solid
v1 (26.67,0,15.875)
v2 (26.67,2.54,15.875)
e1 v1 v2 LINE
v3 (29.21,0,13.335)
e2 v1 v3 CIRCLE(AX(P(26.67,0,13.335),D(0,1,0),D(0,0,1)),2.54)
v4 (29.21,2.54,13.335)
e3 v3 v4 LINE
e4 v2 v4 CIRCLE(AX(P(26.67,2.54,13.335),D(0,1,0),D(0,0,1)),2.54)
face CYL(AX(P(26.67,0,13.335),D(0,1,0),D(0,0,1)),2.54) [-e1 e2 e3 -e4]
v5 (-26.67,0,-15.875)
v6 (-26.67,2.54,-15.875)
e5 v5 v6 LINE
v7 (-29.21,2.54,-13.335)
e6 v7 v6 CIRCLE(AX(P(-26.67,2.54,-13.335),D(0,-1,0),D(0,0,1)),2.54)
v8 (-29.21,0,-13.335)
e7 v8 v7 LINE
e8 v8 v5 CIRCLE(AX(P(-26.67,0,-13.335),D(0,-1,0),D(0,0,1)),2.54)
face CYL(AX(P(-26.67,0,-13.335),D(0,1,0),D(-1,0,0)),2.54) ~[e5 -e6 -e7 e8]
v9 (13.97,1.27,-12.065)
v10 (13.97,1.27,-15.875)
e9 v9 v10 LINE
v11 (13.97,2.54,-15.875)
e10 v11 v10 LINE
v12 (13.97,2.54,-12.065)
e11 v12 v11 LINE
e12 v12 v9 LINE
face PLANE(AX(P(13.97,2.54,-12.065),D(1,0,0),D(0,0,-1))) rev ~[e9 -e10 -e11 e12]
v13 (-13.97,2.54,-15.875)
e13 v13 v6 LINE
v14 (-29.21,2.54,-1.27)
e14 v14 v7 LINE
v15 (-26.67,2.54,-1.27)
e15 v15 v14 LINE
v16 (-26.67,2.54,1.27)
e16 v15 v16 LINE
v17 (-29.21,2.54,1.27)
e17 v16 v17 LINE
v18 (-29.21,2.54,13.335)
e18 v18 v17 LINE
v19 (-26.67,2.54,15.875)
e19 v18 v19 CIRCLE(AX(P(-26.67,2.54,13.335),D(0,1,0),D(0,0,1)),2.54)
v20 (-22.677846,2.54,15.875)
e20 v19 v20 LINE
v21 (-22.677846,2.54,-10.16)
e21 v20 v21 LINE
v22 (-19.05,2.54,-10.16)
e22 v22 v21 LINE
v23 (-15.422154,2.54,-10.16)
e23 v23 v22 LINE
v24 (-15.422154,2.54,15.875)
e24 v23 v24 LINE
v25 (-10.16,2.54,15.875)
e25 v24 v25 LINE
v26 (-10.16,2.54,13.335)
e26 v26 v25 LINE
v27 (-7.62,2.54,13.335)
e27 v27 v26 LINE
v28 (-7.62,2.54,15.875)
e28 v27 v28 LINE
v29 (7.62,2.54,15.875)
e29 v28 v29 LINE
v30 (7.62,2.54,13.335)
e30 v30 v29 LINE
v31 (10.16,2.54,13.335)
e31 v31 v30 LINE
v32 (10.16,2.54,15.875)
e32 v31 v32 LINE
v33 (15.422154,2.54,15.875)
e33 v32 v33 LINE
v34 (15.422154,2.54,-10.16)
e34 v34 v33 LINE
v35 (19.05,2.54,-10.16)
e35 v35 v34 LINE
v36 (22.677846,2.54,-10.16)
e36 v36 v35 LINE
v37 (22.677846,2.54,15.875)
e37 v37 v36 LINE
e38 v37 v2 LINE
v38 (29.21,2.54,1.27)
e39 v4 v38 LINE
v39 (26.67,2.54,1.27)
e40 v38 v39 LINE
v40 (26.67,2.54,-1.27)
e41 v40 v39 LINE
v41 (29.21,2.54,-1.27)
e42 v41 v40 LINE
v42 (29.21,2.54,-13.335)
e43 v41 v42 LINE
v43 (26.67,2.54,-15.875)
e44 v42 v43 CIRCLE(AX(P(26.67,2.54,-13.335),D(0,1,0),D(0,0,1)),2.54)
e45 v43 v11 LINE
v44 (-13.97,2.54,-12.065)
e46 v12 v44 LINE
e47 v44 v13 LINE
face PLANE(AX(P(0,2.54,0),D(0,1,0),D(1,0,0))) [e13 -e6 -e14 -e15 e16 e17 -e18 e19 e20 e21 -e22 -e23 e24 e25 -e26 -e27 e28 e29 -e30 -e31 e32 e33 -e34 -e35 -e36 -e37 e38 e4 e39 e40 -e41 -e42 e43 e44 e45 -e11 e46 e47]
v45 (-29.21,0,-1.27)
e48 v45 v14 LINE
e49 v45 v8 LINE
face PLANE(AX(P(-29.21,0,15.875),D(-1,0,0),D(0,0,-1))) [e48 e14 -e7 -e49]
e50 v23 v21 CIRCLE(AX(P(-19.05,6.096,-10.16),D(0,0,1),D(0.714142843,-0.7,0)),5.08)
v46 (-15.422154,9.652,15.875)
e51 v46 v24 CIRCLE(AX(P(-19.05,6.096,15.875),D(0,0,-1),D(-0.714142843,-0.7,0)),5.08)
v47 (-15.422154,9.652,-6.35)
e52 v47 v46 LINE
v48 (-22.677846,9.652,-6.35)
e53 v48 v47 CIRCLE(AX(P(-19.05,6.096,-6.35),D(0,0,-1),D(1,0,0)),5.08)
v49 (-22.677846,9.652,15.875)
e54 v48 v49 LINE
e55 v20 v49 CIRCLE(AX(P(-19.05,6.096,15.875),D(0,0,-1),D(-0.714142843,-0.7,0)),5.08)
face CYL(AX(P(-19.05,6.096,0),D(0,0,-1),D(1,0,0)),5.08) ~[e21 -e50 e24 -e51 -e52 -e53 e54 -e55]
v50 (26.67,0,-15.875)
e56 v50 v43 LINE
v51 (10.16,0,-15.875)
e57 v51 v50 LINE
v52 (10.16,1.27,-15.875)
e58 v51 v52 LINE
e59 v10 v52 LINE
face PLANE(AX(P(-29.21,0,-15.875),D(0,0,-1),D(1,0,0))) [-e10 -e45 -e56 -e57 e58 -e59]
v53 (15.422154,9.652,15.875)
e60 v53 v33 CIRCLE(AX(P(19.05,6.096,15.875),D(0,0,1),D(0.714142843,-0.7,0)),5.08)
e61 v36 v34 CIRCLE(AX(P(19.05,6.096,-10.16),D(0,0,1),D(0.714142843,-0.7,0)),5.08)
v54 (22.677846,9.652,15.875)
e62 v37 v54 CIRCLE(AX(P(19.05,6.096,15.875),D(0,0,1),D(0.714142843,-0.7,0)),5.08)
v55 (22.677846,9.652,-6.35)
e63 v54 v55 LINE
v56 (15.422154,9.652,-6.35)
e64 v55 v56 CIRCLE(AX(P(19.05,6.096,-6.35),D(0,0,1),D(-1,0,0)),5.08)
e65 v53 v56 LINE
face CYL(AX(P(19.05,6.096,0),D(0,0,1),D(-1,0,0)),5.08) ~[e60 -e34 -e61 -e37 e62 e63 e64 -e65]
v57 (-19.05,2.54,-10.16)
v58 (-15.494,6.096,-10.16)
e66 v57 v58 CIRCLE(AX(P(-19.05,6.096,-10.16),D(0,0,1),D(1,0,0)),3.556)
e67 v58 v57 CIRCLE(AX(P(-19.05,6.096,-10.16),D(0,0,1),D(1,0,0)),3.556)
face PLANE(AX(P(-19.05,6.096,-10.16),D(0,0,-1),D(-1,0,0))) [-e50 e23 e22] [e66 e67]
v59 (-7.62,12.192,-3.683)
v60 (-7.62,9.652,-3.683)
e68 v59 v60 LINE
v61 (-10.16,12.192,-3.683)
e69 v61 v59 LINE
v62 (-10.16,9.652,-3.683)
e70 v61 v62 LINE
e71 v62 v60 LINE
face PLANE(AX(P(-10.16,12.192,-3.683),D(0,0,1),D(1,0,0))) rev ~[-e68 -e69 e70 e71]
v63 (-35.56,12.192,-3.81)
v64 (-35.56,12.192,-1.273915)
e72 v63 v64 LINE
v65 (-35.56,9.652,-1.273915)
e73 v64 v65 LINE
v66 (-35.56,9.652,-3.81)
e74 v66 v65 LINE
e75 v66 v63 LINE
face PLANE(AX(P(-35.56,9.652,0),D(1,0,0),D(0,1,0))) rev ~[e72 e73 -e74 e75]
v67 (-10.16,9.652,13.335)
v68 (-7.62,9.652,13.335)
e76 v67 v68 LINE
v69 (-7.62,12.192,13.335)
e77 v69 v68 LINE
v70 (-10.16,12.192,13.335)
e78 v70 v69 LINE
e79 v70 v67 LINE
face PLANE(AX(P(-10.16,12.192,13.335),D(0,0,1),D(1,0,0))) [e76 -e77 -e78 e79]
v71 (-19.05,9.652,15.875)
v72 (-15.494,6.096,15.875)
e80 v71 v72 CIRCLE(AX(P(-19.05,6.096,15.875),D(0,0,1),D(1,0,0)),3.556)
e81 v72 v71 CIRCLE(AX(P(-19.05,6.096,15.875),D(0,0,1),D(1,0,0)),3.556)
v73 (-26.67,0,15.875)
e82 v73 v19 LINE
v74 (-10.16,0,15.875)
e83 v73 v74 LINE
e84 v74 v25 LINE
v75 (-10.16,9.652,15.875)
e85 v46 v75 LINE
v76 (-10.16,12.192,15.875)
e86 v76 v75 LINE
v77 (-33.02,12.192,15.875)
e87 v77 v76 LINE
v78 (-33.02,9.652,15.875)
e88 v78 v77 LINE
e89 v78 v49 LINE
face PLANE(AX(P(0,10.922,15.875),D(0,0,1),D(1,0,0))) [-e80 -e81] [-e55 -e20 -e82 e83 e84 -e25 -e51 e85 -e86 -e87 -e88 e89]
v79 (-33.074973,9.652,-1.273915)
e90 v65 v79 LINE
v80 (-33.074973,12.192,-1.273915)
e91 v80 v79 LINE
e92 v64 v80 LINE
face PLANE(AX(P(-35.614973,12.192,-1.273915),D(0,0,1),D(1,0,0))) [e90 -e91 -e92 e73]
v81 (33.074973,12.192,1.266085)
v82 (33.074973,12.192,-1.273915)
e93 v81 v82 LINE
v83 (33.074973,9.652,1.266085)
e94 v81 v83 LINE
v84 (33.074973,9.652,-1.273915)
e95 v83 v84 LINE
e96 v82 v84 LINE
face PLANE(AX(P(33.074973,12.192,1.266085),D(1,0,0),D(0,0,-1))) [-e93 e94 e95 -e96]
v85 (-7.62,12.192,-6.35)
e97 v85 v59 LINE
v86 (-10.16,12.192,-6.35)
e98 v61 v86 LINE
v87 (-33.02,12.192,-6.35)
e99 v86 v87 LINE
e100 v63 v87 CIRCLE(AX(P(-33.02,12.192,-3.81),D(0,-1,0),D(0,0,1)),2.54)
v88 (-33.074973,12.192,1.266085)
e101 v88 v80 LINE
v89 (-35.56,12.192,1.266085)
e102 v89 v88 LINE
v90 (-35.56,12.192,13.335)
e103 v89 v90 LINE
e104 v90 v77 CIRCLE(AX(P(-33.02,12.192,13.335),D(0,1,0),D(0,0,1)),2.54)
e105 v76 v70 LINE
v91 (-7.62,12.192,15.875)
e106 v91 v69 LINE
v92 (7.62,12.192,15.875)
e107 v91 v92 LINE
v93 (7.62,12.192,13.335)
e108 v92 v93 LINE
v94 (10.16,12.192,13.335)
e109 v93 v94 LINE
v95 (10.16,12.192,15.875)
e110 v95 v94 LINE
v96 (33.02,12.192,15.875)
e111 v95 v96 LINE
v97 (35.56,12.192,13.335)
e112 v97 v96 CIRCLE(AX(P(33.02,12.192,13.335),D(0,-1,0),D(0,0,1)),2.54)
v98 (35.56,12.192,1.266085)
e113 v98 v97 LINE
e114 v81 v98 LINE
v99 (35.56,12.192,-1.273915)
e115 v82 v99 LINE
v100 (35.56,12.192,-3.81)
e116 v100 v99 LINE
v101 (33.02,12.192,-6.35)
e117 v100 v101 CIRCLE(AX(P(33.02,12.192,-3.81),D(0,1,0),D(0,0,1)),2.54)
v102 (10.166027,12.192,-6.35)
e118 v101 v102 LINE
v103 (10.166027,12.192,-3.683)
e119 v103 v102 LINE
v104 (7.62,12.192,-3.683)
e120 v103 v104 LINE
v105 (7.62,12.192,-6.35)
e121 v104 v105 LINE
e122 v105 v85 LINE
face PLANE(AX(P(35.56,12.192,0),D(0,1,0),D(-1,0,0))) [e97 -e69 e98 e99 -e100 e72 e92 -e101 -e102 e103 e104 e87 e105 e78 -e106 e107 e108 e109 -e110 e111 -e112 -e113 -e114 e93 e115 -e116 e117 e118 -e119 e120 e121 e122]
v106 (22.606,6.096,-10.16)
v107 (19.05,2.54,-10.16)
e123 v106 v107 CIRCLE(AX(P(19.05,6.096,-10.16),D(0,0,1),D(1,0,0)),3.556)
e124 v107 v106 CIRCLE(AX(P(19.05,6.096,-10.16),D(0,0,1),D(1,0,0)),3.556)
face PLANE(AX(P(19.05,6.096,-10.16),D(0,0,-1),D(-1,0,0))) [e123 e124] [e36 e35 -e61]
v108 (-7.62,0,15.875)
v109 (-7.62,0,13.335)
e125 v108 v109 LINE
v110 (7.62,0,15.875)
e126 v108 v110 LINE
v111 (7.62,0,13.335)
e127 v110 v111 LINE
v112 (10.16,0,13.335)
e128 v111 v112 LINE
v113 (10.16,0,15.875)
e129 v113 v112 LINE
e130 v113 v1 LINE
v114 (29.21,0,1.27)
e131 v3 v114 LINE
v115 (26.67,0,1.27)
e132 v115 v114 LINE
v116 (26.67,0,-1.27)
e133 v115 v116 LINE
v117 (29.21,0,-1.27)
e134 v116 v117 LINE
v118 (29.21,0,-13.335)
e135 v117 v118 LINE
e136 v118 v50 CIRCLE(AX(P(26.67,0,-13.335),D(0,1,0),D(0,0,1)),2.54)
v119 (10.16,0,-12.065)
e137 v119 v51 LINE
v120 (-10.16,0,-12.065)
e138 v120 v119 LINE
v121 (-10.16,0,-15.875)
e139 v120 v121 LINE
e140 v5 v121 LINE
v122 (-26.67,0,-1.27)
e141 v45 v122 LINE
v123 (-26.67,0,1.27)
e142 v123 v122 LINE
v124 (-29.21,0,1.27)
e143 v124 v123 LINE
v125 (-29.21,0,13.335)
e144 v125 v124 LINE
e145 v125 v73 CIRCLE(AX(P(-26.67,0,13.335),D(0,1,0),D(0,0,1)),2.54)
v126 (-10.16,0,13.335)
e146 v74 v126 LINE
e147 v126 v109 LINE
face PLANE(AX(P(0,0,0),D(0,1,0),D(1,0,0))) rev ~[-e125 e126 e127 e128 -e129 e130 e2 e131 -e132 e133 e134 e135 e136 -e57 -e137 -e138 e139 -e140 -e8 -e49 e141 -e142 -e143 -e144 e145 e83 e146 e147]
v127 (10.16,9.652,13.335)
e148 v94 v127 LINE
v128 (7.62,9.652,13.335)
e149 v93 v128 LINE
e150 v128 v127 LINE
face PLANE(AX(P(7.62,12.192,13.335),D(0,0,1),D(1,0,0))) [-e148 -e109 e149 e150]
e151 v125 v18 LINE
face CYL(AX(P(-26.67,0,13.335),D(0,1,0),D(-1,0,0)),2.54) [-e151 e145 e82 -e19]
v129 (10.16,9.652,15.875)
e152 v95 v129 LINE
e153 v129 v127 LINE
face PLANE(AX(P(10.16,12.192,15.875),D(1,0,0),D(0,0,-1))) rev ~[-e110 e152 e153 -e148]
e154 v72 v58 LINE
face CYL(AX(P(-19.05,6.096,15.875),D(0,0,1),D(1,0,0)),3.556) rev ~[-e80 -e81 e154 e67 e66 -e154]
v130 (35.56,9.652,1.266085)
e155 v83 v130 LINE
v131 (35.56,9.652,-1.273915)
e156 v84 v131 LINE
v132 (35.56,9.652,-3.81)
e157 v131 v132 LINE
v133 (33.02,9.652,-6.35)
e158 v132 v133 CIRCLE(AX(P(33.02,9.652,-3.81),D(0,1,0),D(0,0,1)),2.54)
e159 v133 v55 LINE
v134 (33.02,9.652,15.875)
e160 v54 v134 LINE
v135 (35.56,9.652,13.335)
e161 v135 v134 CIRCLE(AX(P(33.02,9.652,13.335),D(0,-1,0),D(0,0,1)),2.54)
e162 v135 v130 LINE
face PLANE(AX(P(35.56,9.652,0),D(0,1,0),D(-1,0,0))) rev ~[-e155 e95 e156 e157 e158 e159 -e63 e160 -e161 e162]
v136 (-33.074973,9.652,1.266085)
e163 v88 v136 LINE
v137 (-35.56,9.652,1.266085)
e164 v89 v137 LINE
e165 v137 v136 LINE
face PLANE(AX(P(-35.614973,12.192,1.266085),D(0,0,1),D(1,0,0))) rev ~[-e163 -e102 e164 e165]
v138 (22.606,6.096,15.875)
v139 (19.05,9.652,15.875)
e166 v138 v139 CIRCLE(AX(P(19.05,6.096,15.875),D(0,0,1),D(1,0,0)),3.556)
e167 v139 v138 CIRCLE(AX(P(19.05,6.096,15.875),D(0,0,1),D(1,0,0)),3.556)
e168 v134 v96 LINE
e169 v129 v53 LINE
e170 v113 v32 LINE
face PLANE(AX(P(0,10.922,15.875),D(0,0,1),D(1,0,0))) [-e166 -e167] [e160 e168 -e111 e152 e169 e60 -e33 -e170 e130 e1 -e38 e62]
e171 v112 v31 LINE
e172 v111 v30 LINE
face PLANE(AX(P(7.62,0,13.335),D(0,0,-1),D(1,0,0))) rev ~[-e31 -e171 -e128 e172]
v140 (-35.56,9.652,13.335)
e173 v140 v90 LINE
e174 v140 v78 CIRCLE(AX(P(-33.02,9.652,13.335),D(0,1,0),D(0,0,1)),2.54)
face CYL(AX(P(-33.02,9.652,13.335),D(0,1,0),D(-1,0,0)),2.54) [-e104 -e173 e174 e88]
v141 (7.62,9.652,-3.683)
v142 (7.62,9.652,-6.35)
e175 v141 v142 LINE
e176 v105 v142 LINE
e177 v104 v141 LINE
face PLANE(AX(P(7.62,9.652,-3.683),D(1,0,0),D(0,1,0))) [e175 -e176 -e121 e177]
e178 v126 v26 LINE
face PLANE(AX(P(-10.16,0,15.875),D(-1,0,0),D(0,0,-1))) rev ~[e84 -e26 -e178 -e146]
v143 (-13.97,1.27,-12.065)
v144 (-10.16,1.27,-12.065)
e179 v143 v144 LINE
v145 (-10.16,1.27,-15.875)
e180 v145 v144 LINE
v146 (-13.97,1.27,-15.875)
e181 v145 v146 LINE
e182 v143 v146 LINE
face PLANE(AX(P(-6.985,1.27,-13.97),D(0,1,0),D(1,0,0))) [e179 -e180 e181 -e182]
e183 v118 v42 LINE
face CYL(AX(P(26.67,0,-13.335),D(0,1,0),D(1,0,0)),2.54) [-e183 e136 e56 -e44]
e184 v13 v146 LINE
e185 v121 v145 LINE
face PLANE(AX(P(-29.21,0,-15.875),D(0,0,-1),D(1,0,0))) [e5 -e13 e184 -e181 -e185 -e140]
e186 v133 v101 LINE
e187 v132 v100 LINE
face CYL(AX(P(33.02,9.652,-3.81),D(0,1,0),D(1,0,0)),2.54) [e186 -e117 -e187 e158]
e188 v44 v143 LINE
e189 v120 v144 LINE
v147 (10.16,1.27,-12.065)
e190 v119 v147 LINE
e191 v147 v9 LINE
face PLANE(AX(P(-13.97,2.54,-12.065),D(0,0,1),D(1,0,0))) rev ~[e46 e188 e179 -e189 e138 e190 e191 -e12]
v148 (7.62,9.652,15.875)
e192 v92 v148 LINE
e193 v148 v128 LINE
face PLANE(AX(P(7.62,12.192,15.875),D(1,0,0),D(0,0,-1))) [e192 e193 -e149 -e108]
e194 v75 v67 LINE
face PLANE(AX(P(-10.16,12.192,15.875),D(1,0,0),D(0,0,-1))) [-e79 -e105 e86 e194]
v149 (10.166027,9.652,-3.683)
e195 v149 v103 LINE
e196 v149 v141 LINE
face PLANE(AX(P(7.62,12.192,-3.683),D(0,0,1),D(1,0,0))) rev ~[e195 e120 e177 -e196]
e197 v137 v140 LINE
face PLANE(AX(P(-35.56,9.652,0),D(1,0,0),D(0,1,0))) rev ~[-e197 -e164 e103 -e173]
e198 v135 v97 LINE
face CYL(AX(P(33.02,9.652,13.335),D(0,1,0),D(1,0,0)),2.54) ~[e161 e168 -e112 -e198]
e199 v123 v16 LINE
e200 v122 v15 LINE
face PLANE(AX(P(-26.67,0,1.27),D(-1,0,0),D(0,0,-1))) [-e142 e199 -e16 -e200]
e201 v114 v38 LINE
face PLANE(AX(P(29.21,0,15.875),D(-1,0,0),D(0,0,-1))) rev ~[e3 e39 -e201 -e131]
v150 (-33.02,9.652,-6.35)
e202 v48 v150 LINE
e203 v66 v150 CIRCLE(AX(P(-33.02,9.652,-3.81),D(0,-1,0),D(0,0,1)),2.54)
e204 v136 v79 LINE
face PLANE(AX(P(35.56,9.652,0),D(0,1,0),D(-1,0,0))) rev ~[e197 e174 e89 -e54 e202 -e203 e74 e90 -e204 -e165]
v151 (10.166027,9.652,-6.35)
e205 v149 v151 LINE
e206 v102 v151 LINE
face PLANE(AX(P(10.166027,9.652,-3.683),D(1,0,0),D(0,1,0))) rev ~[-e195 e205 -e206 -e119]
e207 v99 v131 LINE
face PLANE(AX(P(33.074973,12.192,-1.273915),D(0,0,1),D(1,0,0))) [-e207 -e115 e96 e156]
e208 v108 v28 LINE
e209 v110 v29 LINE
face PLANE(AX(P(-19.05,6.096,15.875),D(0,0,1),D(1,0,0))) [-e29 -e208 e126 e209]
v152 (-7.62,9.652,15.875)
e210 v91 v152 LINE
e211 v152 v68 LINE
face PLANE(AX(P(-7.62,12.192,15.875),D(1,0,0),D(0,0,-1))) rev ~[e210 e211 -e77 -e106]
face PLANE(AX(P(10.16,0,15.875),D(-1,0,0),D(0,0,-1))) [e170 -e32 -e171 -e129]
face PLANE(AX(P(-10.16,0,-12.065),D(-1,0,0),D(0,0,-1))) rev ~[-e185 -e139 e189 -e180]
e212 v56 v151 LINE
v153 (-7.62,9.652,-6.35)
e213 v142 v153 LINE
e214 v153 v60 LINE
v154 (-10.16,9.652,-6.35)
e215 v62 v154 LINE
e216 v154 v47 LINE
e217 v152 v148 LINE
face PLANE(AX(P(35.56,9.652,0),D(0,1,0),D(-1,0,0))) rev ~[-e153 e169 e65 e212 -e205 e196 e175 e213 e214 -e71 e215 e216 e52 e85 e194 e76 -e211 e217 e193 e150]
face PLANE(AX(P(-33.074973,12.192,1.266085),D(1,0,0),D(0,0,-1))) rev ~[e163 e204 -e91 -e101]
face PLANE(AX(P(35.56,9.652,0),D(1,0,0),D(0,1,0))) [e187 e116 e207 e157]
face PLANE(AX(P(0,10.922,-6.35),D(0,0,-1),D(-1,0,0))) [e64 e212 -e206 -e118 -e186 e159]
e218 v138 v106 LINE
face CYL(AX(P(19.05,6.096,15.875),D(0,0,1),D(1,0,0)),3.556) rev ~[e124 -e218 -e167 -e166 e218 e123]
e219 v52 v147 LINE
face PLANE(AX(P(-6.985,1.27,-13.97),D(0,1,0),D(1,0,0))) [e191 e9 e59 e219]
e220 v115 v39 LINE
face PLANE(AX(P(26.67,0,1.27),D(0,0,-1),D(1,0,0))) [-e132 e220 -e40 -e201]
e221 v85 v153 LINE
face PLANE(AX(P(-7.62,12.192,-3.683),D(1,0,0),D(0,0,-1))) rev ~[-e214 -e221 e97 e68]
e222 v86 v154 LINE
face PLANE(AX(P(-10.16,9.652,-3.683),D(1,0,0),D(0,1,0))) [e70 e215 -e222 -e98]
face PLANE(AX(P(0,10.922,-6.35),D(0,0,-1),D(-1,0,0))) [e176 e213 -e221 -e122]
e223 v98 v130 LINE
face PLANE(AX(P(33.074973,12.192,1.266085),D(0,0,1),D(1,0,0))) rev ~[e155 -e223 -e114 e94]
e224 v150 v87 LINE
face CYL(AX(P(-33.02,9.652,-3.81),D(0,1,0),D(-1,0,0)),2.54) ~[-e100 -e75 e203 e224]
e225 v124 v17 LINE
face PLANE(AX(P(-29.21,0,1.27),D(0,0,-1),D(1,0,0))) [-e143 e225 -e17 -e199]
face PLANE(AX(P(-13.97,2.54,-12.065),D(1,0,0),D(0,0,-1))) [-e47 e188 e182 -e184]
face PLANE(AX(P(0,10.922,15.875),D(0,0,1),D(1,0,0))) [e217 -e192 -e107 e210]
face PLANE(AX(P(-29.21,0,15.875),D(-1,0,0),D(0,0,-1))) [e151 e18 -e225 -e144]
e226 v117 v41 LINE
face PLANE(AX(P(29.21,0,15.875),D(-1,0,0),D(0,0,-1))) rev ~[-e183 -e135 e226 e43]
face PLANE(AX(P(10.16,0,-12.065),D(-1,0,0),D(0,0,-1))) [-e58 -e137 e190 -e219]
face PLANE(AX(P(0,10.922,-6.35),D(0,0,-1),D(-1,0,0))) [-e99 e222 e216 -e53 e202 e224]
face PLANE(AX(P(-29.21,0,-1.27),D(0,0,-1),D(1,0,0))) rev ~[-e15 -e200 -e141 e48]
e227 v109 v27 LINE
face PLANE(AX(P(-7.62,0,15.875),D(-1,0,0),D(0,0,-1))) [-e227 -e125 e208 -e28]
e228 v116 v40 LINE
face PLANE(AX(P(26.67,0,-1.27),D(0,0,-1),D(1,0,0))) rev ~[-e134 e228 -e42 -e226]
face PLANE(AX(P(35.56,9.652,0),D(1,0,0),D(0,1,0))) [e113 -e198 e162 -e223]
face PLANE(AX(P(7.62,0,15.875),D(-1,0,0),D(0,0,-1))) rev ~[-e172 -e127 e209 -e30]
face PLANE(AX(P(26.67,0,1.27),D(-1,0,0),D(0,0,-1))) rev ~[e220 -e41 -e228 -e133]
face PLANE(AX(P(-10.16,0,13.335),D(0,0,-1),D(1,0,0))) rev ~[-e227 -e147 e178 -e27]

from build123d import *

# Parameters (mm, degrees)
SKETCH1_W           = 58.42
SKETCH1_H           = 31.75
BOSS_EXTRUDE1_DEPTH = 2.54
FILLET1_R           = 2.54
SKETCH4_R           = 5.08
BOSS_EXTRUDE3_DEPTH = 15.875
SKETCH5_R           = 5.08
BOSS_EXTRUDE4_DEPTH = 10.16
SKETCH6_R           = 3.556
CUT_EXTRUDE2_DEPTH  = 32.75
SKETCH9_W           = 13.97
SKETCH9_H           = 3.81
CUT_EXTRUDE4_DEPTH  = 1.27
SKETCH10_W          = 2.54
SKETCH10_H          = 2.54
SKETCH10_W_2        = 20.32
SKETCH10_H_2        = 3.81
CUT_EXTRUDE6_DEPTH  = 12.176
SKETCH11_W          = 71.12
SKETCH11_H          = 2.54
BOSS_EXTRUDE5_DEPTH = 15.875
SKETCH12_W          = 71.12
SKETCH12_H          = 2.54
BOSS_EXTRUDE6_DEPTH = 6.35
FILLET2_R           = 2.54
SKETCH13_W          = 2.54
SKETCH13_H          = 2.54
CUT_EXTRUDE7_DEPTH  = 2.54
SKETCH14_W          = 2.54
SKETCH14_H          = 2.54
SKETCH14_W_2        = 2.546026668
CUT_EXTRUDE8_DEPTH  = 13.192


with BuildPart() as part:
    # Sketch1 → Boss-Extrude1 (new body)
    with BuildSketch(Plane(origin=(0, 0, 0), x_dir=(1, 0, 0), z_dir=(0, 1, 0))):
        Rectangle(SKETCH1_W, SKETCH1_H)
    extrude(amount=BOSS_EXTRUDE1_DEPTH)

    # Fillet1
    fillet1_edges = [part.edges().sort_by_distance(p)[0] for p in [
        (29.21, 1.27, 15.875),
        (-29.21, 1.27, 15.875),
        (-29.21, 1.27, -15.875),
        (29.21, 1.27, -15.875),
    ]]
    fillet(fillet1_edges, radius=FILLET1_R)

    # Sketch4 → Boss-Extrude3 (add)
    with BuildSketch(Plane.XY):
        with Locations((-19.05, 6.096)):
            Circle(SKETCH4_R)
        with Locations((19.05, 6.096)):
            Circle(SKETCH4_R)
    extrude(amount=BOSS_EXTRUDE3_DEPTH)

    # Sketch5 → Boss-Extrude4 (add)
    with BuildSketch(Plane(origin=(0, 0, 0), x_dir=(-1, 0, 0), z_dir=(0, 0, -1))):
        with Locations((-19.05, 6.096)):
            Circle(SKETCH5_R)
        with Locations((19.05, 6.096)):
            Circle(SKETCH5_R)
    extrude(amount=BOSS_EXTRUDE4_DEPTH)

    # Sketch6 → Cut-Extrude2 (cut, through all)
    with BuildSketch(Plane.XY.offset(15.875)):
        with Locations((-19.05, 6.096)):
            Circle(SKETCH6_R)
        with Locations((19.05, 6.096)):
            Circle(SKETCH6_R)
    extrude(amount=-CUT_EXTRUDE2_DEPTH, mode=Mode.SUBTRACT)

    # Sketch9 → Cut-Extrude4 (cut)
    with BuildSketch(Plane(origin=(0, 2.54, 0), x_dir=(1, 0, 0), z_dir=(0, 1, 0))):
        with Locations((-6.985, 13.97)):
            Rectangle(SKETCH9_W, SKETCH9_H)
        with Locations((6.985, 13.97)):
            Rectangle(SKETCH9_W, SKETCH9_H)
    extrude(amount=-CUT_EXTRUDE4_DEPTH, mode=Mode.SUBTRACT)

    # Sketch10 → Cut-Extrude6 (cut, through all)
    with BuildSketch(Plane(origin=(0, 0, 0), x_dir=(1, 0, 0), z_dir=(0, 1, 0))):
        with Locations((-27.94, 0)):
            Rectangle(SKETCH10_W, SKETCH10_H)
        with Locations((27.94, 0)):
            Rectangle(SKETCH10_W, SKETCH10_H)
        with Locations((0, 13.97)):
            Rectangle(SKETCH10_W_2, SKETCH10_H_2)
        with Locations((-8.89, -14.605)):
            Rectangle(SKETCH10_W, SKETCH10_H)
        with Locations((8.89, -14.605)):
            Rectangle(SKETCH10_W, SKETCH10_H)
    extrude(amount=CUT_EXTRUDE6_DEPTH, mode=Mode.SUBTRACT)

    # Sketch11 → Boss-Extrude5 (add)
    with BuildSketch(Plane.XY):
        with Locations((0, 10.922)):
            Rectangle(SKETCH11_W, SKETCH11_H)
    extrude(amount=BOSS_EXTRUDE5_DEPTH)

    # Sketch12 → Boss-Extrude6 (add)
    with BuildSketch(Plane(origin=(0, 0, 0), x_dir=(-1, 0, 0), z_dir=(0, 0, -1))):
        with Locations((0, 10.922)):
            Rectangle(SKETCH12_W, SKETCH12_H)
    extrude(amount=BOSS_EXTRUDE6_DEPTH)

    # Fillet2
    fillet2_edges = [part.edges().sort_by_distance(p)[0] for p in [
        (-35.56, 10.922, 15.875),
        (35.56, 10.922, 15.875),
        (-35.56, 10.922, -6.35),
        (35.56, 10.922, -6.35),
    ]]
    fillet(fillet2_edges, radius=FILLET2_R)

    # Sketch13 → Cut-Extrude7 (cut)
    with BuildSketch(Plane(origin=(0, 12.192, 0), x_dir=(1, 0, 0), z_dir=(0, 1, 0))):
        with Locations((-34.344972833, 0.003915147)):
            Rectangle(SKETCH13_W, SKETCH13_H)
        with Locations((8.89, -14.605)):
            Rectangle(SKETCH13_W, SKETCH13_H)
        with Locations((-8.89, -14.605)):
            Rectangle(SKETCH13_W, SKETCH13_H)
        with Locations((34.344972833, 0.003915147)):
            Rectangle(SKETCH13_W, SKETCH13_H)
        with Locations((8.89, 4.953)):
            Rectangle(SKETCH13_W, SKETCH13_H)
        with Locations((-8.89, 4.953)):
            Rectangle(SKETCH13_W, SKETCH13_H)
    extrude(amount=-CUT_EXTRUDE7_DEPTH, mode=Mode.SUBTRACT)

    # Sketch14 → Cut-Extrude8 (cut, through all)
    with BuildSketch(Plane(origin=(0, 0, -3.683), x_dir=(-1, 0, 0), z_dir=(0, 0, -1))):
        with Locations((8.89, 10.922)):
            Rectangle(SKETCH14_W, SKETCH14_H)
        with Locations((-8.893013334, 10.922)):
            Rectangle(SKETCH14_W_2, SKETCH14_H)
    extrude(amount=CUT_EXTRUDE8_DEPTH, mode=Mode.SUBTRACT)


solid = part.part
